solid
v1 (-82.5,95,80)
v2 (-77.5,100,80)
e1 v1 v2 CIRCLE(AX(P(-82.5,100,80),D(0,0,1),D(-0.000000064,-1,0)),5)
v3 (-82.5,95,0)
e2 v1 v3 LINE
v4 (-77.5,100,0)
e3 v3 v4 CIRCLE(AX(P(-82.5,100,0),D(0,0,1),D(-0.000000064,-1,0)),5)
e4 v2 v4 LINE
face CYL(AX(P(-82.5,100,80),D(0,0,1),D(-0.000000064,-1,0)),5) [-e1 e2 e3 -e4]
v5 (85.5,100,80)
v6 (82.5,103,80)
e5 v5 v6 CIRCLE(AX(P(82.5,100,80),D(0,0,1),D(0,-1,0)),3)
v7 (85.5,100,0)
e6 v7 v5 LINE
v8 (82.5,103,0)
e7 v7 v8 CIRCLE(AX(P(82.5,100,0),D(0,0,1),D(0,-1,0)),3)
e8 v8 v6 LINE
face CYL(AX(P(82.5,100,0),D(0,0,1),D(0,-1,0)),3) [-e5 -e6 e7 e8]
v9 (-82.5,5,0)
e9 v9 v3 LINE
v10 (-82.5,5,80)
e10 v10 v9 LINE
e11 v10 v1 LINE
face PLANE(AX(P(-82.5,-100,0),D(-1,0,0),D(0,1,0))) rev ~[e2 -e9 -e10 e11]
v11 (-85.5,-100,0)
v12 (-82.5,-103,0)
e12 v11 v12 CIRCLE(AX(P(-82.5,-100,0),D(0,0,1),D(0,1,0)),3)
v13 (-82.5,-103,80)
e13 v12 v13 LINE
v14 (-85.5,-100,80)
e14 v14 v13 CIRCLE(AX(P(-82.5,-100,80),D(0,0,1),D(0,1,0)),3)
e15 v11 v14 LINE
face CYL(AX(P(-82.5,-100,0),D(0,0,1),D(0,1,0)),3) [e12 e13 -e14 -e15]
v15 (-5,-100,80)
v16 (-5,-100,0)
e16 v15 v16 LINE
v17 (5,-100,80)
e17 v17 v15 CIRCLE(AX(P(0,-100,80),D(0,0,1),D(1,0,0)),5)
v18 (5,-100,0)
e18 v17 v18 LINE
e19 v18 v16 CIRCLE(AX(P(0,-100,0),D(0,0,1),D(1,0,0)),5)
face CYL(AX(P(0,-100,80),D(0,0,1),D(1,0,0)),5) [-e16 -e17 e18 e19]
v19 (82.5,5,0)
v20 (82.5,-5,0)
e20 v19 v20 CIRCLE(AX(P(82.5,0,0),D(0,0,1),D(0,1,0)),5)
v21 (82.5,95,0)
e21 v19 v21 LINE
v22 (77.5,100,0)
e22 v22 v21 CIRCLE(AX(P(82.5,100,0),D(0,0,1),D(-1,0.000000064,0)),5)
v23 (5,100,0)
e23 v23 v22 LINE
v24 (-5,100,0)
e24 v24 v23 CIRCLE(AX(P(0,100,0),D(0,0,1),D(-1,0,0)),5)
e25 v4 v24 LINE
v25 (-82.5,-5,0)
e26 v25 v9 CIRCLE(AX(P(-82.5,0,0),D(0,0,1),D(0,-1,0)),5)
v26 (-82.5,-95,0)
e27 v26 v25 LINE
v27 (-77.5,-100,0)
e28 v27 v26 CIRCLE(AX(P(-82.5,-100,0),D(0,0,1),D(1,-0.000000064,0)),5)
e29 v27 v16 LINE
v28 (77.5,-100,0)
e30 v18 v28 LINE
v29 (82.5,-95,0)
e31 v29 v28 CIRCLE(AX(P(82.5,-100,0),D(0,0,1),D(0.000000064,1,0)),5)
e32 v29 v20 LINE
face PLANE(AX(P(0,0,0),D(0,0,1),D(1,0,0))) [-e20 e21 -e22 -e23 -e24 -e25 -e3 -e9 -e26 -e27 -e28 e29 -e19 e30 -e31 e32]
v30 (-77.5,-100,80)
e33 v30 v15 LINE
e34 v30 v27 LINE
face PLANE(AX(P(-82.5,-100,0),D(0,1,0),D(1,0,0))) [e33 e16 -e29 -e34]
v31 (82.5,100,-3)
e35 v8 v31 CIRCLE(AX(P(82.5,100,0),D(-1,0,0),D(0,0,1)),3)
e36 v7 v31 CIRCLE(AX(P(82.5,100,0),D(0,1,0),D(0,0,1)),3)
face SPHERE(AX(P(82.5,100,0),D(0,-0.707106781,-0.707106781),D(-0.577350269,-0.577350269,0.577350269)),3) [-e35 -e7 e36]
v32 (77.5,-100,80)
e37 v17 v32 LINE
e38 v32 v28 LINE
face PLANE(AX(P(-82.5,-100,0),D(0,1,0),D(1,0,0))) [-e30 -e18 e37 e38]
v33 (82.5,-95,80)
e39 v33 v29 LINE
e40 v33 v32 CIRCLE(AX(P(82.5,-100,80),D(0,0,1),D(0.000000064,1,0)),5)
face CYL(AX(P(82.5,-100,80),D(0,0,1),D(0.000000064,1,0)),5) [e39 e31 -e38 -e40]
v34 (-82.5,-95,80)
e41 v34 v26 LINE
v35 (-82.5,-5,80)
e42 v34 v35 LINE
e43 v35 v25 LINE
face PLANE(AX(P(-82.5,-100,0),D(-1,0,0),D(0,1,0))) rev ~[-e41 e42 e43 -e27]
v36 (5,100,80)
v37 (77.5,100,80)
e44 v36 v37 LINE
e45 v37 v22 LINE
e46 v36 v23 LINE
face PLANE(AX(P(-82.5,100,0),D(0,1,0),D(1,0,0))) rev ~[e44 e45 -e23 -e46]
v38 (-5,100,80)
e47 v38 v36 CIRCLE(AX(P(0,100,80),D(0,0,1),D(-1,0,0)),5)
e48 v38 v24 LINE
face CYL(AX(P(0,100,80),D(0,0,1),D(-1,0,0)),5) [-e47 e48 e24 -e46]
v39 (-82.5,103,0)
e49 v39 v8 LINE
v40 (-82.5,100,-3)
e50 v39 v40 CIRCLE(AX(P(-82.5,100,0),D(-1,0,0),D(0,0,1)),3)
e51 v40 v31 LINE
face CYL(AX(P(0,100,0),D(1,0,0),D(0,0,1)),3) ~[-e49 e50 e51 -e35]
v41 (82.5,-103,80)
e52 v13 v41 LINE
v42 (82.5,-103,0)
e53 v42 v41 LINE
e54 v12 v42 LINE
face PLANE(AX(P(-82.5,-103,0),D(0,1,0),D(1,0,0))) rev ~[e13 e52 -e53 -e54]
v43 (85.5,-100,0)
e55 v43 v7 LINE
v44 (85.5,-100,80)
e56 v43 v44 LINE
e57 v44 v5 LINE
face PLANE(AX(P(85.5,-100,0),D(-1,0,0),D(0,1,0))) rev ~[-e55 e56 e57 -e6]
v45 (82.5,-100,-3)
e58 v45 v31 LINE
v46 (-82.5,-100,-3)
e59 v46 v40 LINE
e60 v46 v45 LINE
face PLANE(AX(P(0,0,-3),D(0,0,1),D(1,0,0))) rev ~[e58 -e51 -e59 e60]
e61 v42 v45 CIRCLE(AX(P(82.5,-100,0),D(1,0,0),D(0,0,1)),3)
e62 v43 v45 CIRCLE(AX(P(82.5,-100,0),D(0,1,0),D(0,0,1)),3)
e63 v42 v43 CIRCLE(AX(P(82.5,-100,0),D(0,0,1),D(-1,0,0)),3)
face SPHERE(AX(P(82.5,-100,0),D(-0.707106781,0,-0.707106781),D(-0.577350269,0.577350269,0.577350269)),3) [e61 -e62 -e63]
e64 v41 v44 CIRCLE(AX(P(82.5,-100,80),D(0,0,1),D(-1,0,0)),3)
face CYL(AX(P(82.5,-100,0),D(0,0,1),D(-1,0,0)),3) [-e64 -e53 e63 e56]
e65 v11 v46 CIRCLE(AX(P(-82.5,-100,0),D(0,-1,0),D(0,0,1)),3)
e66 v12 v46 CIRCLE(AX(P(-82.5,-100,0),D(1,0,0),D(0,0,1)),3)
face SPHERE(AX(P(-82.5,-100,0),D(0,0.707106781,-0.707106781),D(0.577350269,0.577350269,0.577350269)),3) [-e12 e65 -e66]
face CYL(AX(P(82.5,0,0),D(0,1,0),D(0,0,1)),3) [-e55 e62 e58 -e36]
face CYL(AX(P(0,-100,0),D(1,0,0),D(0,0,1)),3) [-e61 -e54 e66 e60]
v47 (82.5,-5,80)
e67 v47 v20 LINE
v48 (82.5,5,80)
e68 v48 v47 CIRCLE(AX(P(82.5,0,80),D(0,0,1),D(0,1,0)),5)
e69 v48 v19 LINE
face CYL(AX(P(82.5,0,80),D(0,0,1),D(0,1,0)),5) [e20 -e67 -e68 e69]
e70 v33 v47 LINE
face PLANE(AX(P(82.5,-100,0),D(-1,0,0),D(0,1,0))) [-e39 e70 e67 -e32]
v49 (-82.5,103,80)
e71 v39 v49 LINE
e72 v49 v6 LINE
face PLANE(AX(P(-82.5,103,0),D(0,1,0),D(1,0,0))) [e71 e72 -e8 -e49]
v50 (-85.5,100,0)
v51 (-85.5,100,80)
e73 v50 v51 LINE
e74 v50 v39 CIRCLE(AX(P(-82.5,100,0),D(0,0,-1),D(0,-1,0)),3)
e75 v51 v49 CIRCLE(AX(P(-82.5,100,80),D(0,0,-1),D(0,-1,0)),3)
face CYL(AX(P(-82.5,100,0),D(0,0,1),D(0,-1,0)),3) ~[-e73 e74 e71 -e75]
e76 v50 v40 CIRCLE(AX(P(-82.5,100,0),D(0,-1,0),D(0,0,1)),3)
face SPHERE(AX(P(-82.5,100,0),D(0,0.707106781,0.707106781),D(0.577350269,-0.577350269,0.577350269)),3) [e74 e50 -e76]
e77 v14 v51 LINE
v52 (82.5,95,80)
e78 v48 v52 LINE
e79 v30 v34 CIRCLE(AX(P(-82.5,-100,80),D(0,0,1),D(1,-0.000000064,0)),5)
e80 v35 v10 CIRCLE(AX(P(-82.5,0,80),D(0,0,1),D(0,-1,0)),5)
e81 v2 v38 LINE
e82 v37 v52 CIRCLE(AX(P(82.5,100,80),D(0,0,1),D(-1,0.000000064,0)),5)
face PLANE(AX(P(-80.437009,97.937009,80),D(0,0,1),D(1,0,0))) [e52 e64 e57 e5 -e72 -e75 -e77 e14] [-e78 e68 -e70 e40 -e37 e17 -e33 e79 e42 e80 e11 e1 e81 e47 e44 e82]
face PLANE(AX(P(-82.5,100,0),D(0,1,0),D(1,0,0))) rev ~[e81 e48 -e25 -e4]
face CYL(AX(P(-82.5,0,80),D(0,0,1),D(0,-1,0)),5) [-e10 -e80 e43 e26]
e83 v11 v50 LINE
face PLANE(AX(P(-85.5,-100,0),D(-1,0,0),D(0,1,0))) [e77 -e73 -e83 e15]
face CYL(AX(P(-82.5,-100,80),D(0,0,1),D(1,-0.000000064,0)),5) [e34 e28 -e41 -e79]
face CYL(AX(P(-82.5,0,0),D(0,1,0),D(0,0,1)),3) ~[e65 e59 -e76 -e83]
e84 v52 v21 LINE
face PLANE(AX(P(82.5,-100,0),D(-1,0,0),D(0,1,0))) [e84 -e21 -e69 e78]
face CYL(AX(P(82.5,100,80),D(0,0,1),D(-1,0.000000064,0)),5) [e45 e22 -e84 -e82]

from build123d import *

# Parameters (mm, degrees)
SKETCH002_W  = 165
SKETCH002_H  = 200
PAD_DEPTH    = 80
THICKNESS_T  = 3
PAD004_DEPTH = 80


with BuildPart() as part:
    # Sketch002 → Pad (new body)
    with BuildSketch(Plane.XY):
        Rectangle(SKETCH002_W, SKETCH002_H)
    extrude(amount=PAD_DEPTH)

    # Thickness
    thickness_openings = [part.faces().sort_by_distance(p)[0] for p in [
        (0, 0, 80),
    ]]
    offset(amount=THICKNESS_T, openings=thickness_openings)

    # Sketch006 → Pad004 (join)
    with BuildSketch(Plane.XY.offset(80)):
        with BuildLine():
            ThreePointArc((-82.5, 95), (-78.964466, 96.464466), (-77.5, 100))
            Line((-82.5, 100), (-77.5, 100))
            Line((-82.5, 95), (-82.5, 100))
        make_face()
        with BuildLine():
            ThreePointArc((77.5, 100), (78.964466, 96.464466), (82.5, 95))
            Line((82.5, 100), (82.5, 95))
            Line((82.5, 100), (77.5, 100))
        make_face()
        with BuildLine():
            ThreePointArc((-77.5, -100), (-78.964466, -96.464466), (-82.5, -95))
            Line((-82.5, -100), (-82.5, -95))
            Line((-82.5, -100), (-77.5, -100))
        make_face()
        with BuildLine():
            ThreePointArc((82.5, -95), (78.964466, -96.464466), (77.5, -100))
            Line((77.5, -100), (82.5, -100))
            Line((82.5, -100), (82.5, -95))
        make_face()
        with BuildLine():
            ThreePointArc((5, -100), (0, -95), (-5, -100))
            Line((-5, -100), (5, -100))
        make_face()
        with BuildLine():
            ThreePointArc((-82.5, -5), (-77.5, 0), (-82.5, 5))
            Line((-82.5, 5), (-82.5, -5))
        make_face()
        with BuildLine():
            ThreePointArc((82.5, 5), (77.5, 0), (82.5, -5))
            Line((82.5, 5), (82.5, -5))
        make_face()
        with BuildLine():
            ThreePointArc((-5, 100), (0, 95), (5, 100))
            Line((-5, 100), (5, 100))
        make_face()
    extrude(amount=-PAD004_DEPTH)


solid = part.part
